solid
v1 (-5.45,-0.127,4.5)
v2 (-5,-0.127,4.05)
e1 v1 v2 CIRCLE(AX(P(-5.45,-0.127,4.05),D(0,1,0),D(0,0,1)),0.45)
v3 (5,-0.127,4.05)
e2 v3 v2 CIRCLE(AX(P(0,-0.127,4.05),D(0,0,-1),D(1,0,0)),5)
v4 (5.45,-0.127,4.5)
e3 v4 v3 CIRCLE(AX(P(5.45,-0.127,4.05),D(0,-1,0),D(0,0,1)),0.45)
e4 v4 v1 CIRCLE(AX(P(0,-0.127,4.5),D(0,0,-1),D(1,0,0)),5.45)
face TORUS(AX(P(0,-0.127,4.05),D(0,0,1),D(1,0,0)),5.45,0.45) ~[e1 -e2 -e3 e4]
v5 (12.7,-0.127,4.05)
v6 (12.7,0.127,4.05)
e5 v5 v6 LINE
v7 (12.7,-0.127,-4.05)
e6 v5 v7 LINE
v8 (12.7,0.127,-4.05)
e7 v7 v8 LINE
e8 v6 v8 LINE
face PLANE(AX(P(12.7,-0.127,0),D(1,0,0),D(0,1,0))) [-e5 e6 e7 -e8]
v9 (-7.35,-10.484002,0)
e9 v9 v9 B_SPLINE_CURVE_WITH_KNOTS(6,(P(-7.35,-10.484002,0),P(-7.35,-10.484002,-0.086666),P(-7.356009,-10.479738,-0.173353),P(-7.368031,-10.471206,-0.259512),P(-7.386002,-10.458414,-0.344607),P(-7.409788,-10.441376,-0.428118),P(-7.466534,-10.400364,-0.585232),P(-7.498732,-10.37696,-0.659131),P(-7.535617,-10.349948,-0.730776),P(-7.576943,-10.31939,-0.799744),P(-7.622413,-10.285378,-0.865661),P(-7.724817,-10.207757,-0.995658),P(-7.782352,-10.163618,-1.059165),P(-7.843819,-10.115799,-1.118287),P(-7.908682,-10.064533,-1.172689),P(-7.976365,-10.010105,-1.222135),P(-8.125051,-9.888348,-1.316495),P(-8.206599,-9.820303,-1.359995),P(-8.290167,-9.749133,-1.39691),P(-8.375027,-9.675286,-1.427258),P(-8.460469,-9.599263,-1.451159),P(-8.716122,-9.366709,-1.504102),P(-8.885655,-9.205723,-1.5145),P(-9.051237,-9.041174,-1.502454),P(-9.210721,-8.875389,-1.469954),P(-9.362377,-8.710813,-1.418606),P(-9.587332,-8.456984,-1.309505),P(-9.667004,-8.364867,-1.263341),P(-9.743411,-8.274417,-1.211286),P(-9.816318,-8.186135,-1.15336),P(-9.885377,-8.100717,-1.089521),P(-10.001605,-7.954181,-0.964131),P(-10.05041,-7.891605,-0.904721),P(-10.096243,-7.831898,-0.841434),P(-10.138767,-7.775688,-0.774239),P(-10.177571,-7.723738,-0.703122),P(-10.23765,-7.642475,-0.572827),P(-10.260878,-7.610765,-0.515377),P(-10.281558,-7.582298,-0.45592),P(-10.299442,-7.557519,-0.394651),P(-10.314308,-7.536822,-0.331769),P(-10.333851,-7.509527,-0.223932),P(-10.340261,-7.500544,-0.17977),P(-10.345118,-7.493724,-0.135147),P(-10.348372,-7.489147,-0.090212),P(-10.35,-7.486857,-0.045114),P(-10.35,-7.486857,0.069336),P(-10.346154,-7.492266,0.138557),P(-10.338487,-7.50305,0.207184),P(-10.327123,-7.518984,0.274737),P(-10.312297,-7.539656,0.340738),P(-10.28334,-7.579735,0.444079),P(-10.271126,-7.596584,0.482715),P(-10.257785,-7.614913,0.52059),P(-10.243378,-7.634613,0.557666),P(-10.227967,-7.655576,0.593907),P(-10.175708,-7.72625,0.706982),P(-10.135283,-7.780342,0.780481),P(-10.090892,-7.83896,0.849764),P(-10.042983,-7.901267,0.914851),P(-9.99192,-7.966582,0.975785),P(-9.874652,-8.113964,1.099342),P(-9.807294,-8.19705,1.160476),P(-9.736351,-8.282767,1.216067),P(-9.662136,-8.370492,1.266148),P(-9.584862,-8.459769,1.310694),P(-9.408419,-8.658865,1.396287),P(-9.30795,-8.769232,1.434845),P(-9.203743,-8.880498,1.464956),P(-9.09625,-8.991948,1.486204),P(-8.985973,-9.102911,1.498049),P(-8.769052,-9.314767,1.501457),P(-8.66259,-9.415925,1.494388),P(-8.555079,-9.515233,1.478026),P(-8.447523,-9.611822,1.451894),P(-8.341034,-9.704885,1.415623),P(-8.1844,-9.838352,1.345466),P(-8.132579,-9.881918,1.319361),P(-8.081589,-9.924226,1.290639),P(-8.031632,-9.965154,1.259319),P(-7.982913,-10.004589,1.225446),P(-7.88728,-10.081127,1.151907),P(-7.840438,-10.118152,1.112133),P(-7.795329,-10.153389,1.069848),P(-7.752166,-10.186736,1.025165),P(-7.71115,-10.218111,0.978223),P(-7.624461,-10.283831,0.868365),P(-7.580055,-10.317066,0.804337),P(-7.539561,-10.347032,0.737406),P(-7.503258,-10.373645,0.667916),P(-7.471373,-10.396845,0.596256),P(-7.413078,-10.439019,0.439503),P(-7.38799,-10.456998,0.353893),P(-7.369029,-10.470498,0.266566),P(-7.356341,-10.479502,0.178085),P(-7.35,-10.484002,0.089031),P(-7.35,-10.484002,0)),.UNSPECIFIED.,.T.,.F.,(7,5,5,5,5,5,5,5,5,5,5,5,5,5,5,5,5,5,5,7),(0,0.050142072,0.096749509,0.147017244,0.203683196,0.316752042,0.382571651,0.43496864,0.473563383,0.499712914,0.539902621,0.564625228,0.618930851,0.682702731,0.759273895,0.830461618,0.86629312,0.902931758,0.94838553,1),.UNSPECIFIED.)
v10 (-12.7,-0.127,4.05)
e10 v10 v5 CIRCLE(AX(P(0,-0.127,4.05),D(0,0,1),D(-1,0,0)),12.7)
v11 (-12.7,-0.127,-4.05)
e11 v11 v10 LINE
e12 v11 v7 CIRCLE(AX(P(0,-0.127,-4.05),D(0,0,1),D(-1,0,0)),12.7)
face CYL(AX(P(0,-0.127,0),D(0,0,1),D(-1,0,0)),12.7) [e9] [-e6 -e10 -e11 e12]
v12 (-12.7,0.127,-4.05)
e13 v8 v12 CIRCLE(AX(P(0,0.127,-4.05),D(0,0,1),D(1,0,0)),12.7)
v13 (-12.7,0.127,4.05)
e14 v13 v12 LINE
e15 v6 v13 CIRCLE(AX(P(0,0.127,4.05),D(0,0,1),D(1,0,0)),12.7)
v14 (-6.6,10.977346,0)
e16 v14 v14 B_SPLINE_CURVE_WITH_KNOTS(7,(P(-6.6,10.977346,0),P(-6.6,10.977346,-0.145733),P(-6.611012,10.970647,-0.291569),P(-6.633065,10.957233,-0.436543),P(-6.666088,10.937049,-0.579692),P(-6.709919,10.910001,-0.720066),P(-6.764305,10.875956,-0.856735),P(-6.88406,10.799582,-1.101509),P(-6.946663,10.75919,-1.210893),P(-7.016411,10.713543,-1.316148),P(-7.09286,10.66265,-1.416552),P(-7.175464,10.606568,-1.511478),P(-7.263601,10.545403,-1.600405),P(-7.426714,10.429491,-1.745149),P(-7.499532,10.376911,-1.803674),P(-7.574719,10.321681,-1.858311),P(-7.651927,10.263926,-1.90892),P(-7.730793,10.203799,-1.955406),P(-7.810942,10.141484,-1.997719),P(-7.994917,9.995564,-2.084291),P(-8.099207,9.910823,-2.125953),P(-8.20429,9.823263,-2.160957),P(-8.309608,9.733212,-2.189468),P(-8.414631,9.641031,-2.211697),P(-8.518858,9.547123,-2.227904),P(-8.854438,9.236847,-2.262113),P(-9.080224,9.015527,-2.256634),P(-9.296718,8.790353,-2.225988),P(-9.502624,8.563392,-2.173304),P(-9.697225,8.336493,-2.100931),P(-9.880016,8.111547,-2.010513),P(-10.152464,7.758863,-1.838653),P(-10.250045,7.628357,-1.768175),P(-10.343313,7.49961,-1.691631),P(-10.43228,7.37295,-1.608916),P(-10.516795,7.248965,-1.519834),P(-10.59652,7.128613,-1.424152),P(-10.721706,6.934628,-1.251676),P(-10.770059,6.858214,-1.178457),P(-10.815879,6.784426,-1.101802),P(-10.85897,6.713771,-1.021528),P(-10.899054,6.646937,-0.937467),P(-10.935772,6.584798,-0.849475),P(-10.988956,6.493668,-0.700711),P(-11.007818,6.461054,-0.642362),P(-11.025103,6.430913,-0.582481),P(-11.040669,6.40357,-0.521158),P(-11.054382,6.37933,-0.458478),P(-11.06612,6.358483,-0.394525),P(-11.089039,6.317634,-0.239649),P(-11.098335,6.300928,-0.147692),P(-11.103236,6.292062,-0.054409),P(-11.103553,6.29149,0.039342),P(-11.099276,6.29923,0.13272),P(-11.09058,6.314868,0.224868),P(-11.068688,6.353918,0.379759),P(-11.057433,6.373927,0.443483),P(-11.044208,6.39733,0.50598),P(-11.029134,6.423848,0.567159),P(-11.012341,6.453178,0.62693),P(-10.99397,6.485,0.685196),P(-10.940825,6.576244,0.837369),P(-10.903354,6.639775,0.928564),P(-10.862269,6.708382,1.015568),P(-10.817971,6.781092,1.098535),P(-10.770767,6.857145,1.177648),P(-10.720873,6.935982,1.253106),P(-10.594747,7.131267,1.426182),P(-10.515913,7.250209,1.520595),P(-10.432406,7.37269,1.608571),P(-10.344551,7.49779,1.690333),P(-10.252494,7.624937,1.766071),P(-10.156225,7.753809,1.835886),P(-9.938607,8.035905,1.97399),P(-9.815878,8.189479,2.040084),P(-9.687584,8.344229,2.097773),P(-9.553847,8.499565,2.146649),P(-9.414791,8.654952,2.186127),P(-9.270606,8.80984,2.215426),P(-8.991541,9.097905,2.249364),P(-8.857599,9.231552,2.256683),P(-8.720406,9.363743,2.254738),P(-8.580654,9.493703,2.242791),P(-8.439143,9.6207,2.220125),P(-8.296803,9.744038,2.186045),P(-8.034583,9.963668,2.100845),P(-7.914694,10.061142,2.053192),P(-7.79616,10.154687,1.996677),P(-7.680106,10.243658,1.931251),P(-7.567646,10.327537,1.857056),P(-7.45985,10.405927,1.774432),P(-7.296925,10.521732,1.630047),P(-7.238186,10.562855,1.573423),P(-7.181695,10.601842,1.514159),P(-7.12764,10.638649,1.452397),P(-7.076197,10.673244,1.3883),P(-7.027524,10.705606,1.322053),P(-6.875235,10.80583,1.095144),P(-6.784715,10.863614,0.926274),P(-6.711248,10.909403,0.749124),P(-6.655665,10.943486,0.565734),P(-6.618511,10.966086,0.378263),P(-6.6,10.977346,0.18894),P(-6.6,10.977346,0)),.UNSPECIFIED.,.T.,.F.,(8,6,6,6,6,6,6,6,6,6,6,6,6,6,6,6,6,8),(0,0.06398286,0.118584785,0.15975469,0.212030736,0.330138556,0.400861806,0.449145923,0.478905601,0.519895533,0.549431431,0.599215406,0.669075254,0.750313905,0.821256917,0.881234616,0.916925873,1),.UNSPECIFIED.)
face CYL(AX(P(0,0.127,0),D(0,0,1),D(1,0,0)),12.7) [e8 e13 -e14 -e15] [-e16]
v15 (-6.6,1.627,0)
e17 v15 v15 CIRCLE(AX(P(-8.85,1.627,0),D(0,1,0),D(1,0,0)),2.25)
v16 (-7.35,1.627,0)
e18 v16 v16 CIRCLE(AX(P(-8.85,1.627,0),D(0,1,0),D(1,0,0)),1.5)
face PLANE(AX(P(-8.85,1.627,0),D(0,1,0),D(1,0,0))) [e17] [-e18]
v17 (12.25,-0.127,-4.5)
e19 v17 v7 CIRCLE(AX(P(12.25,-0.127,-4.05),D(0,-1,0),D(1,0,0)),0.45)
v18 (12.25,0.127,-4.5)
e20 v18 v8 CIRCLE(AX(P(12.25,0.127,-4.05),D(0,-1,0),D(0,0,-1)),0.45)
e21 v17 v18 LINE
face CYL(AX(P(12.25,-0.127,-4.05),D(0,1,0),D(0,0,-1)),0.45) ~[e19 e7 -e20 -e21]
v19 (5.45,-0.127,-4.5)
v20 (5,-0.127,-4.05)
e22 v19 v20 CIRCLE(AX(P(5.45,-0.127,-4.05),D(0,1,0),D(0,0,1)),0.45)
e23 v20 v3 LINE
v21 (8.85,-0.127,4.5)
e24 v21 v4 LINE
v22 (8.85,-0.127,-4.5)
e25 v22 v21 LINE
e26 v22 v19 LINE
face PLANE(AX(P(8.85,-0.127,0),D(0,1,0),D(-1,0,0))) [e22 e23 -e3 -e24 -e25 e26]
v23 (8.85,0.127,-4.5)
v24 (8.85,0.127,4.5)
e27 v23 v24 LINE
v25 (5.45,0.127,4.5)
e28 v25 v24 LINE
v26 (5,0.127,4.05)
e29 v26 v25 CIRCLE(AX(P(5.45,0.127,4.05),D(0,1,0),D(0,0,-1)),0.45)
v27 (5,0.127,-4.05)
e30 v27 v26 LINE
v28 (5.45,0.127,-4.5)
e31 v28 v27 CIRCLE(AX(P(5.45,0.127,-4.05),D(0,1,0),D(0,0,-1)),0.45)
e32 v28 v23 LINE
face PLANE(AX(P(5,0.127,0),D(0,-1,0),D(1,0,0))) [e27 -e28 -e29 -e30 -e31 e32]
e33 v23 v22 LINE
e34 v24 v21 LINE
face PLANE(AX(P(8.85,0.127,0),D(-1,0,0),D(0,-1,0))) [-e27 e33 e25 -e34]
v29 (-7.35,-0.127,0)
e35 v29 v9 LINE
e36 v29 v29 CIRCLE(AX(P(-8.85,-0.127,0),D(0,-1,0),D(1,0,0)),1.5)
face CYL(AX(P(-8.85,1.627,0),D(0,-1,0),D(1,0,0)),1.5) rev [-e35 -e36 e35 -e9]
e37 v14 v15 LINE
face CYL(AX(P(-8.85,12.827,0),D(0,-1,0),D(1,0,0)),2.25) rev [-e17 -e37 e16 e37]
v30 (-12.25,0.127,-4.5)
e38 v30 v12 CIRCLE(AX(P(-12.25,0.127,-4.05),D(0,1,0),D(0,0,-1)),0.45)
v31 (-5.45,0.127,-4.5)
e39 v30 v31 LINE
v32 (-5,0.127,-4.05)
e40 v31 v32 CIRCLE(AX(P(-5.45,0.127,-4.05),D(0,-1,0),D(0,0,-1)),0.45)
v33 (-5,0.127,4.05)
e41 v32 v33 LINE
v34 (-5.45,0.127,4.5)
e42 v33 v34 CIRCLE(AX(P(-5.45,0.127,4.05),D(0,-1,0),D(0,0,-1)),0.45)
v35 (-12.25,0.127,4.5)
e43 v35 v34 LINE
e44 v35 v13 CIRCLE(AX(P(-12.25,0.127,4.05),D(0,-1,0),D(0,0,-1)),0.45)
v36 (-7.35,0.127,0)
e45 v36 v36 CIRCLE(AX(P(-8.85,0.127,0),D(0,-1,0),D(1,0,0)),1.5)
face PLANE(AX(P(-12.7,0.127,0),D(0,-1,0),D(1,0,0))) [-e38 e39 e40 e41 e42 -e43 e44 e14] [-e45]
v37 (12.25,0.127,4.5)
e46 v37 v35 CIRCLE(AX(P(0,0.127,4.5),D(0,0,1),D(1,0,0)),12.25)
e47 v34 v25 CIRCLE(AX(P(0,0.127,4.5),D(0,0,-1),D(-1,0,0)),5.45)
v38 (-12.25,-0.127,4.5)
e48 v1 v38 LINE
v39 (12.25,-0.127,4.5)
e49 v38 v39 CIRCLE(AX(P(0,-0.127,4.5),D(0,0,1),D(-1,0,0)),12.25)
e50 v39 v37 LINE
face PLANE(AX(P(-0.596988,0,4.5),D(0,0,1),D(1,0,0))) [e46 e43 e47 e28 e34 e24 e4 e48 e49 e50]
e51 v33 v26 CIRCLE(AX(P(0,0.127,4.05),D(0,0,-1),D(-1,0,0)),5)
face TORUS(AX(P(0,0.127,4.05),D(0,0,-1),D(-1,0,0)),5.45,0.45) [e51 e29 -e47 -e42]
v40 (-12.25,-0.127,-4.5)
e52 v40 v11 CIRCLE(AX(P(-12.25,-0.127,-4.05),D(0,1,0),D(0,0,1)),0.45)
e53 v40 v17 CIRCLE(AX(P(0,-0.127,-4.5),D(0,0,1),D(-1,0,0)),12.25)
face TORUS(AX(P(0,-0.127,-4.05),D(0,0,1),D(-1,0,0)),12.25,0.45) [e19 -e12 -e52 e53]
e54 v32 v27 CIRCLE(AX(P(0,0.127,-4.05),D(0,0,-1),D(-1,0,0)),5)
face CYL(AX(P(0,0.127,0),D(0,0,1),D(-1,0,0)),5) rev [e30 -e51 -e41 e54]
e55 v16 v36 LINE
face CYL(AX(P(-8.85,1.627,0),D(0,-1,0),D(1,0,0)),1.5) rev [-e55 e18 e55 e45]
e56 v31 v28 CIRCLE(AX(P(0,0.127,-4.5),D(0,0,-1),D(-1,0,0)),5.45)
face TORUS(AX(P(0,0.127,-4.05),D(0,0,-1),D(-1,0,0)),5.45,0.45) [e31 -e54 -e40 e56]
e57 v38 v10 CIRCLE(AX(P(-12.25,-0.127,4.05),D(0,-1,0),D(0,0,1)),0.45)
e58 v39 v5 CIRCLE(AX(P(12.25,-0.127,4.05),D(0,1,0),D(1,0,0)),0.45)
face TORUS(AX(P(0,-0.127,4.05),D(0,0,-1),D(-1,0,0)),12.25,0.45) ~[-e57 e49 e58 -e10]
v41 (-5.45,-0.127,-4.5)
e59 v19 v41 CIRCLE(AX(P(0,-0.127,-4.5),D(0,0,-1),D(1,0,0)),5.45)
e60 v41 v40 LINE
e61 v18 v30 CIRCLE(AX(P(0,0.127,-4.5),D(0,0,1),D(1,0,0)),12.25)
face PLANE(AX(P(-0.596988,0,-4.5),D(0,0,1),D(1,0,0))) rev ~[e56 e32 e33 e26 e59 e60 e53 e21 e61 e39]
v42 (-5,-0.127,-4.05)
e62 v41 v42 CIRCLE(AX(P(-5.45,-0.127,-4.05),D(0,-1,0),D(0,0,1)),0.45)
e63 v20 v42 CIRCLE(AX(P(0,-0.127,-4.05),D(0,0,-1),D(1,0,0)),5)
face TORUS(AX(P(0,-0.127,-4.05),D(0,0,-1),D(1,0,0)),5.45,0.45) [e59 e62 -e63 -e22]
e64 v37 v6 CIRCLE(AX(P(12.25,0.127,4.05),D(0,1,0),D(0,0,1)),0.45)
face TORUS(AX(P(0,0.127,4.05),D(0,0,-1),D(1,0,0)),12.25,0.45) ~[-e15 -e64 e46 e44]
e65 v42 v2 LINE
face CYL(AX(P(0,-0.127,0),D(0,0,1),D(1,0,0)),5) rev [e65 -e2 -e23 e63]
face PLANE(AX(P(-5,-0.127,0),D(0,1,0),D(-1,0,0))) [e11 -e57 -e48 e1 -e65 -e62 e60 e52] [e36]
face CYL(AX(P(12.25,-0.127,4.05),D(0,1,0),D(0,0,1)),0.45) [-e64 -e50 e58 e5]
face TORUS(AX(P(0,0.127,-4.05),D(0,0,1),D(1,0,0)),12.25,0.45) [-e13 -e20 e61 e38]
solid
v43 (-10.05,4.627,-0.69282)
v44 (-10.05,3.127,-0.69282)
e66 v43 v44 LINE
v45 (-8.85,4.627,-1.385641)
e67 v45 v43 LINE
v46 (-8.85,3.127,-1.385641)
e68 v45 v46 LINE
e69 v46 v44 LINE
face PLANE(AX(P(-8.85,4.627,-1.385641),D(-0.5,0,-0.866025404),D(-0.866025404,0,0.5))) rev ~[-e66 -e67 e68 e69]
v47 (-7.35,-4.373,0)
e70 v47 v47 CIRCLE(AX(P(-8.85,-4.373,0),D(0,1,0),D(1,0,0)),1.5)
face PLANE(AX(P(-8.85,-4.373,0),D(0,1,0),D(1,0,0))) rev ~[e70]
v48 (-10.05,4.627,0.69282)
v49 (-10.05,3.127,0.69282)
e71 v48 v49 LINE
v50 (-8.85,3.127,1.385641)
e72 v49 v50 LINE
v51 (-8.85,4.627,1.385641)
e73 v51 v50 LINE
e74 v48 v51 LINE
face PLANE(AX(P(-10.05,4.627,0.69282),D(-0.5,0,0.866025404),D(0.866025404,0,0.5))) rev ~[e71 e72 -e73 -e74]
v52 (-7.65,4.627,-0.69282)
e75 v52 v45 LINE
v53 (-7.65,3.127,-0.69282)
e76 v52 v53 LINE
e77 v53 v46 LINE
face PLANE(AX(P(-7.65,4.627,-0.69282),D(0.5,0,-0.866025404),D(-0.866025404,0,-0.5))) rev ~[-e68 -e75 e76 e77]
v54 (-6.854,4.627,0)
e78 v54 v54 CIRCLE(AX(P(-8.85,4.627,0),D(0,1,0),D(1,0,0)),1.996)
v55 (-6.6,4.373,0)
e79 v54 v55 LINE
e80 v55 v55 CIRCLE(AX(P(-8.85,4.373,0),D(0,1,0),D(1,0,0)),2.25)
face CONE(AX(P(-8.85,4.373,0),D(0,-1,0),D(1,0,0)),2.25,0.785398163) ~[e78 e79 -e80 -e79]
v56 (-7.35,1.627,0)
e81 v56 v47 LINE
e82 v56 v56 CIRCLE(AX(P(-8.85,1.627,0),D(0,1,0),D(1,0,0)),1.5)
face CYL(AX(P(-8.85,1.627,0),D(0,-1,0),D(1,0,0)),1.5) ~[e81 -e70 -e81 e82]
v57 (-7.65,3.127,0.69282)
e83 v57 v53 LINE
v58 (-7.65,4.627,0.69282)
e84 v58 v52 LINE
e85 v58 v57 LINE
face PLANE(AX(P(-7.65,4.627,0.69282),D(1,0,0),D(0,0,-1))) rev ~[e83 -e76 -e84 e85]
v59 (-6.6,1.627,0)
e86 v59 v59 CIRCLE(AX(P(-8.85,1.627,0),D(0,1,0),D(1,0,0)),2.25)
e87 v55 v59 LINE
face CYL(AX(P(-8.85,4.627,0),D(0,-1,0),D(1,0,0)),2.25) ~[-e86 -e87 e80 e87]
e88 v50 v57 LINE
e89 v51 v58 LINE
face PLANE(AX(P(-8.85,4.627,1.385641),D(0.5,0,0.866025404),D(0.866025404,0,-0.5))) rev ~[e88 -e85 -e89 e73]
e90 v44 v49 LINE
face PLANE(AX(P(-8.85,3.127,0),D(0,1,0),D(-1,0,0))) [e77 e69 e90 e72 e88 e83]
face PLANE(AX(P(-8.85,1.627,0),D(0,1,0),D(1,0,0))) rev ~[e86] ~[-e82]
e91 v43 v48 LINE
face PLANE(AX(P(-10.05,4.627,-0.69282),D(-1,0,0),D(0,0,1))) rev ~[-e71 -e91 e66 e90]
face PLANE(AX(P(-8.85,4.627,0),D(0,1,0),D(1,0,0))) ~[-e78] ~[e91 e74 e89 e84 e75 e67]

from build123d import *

# Parameters (mm, degrees)
EXTRUDE1_DEPTH     = 4.5
CUT_EXTRUDE2_DEPTH = 1.5
FILLET1_R          = 0.45
FILLET2_R          = 0.45
CHAMFER2_SIZE      = 0.254


with BuildPart() as part:
    # Sketch1 → Extrude1 (new body, symmetric)
    with BuildSketch(Plane.XY):
        with BuildLine():
            Line((-12.7, 0.127), (-5, 0.127))
            ThreePointArc((-5, 0.127), (0, 5.127), (5, 0.127))
            Line((5, 0.127), (8.85, 0.127))
            Line((8.85, 0.127), (8.85, -0.127))
            Line((8.85, -0.127), (5, -0.127))
            ThreePointArc((5, -0.127), (0, -5.127), (-5, -0.127))
            Line((-5, -0.127), (-12.7, -0.127))
            ThreePointArc((-12.7, -0.127), (0, -12.827), (12.7, -0.127))
            Line((12.7, -0.127), (12.7, 0.127))
            ThreePointArc((12.7, 0.127), (0, 12.827), (-12.7, 0.127))
        make_face()
    extrude(amount=EXTRUDE1_DEPTH, both=True)

    # Sketch4 → Cut-Revolve1 (revolve, cut)
    with BuildSketch(Plane.XY):
        Polygon((-8.85, 12.827), (-6.6, 12.827), (-6.6, 1.627), (-7.35, 1.627), (-7.35, -12.827), (-8.85, -12.827), align=None)
    revolve(axis=Axis((-8.85, -12.827, 0), (0, 1, 0)), mode=Mode.SUBTRACT)

    # Fillet1
    fillet1_edges = [part.edges().sort_by_distance(p)[0] for p in [
        (0, 5.127, 4.5),
        (0, 5.127, -4.5),
        (0, 12.827, -4.5),
        (0, -12.827, 4.5),
        (12.7, 0, 4.5),
        (0, 12.827, 4.5),
        (12.7, 0, -4.5),
        (0, -12.827, -4.5),
    ]]
    fillet(fillet1_edges, radius=FILLET1_R)

    # Fillet2
    fillet2_edges = [part.edges().sort_by_distance(p)[0] for p in [
        (0, -5.127, 4.5),
        (0, -5.127, -4.5),
    ]]
    fillet(fillet2_edges, radius=FILLET2_R)


with BuildPart() as body_2:
    # Sketch6 → Revolve1 (revolve)
    with BuildSketch(Plane.XY):
        Polygon((-8.85, 4.627), (-6.6, 4.627), (-6.6, 1.627), (-7.35, 1.627), (-7.35, -4.373), (-8.85, -4.373), align=None)
    revolve(axis=Axis((-8.85, -4.373, 0), (0, 1, 0)))

    # Sketch7 → Cut-Extrude2 (cut)
    with BuildSketch(Plane(origin=(0, 4.627, 0), x_dir=(-1, 0, 0), z_dir=(0, 1, 0))):
        Polygon((8.85, -1.385640646), (10.05, -0.692820323), (10.05, 0.692820323), (8.85, 1.385640646), (7.65, 0.692820323), (7.65, -0.692820323), align=None)
    extrude(amount=-CUT_EXTRUDE2_DEPTH, mode=Mode.SUBTRACT)

    # Chamfer2
    chamfer2_edges = [body_2.edges().sort_by_distance(p)[0] for p in [
        (-11.1, 4.627, 0),
    ]]
    chamfer(chamfer2_edges, length=CHAMFER2_SIZE)


solid = Compound([part.part, body_2.part])
